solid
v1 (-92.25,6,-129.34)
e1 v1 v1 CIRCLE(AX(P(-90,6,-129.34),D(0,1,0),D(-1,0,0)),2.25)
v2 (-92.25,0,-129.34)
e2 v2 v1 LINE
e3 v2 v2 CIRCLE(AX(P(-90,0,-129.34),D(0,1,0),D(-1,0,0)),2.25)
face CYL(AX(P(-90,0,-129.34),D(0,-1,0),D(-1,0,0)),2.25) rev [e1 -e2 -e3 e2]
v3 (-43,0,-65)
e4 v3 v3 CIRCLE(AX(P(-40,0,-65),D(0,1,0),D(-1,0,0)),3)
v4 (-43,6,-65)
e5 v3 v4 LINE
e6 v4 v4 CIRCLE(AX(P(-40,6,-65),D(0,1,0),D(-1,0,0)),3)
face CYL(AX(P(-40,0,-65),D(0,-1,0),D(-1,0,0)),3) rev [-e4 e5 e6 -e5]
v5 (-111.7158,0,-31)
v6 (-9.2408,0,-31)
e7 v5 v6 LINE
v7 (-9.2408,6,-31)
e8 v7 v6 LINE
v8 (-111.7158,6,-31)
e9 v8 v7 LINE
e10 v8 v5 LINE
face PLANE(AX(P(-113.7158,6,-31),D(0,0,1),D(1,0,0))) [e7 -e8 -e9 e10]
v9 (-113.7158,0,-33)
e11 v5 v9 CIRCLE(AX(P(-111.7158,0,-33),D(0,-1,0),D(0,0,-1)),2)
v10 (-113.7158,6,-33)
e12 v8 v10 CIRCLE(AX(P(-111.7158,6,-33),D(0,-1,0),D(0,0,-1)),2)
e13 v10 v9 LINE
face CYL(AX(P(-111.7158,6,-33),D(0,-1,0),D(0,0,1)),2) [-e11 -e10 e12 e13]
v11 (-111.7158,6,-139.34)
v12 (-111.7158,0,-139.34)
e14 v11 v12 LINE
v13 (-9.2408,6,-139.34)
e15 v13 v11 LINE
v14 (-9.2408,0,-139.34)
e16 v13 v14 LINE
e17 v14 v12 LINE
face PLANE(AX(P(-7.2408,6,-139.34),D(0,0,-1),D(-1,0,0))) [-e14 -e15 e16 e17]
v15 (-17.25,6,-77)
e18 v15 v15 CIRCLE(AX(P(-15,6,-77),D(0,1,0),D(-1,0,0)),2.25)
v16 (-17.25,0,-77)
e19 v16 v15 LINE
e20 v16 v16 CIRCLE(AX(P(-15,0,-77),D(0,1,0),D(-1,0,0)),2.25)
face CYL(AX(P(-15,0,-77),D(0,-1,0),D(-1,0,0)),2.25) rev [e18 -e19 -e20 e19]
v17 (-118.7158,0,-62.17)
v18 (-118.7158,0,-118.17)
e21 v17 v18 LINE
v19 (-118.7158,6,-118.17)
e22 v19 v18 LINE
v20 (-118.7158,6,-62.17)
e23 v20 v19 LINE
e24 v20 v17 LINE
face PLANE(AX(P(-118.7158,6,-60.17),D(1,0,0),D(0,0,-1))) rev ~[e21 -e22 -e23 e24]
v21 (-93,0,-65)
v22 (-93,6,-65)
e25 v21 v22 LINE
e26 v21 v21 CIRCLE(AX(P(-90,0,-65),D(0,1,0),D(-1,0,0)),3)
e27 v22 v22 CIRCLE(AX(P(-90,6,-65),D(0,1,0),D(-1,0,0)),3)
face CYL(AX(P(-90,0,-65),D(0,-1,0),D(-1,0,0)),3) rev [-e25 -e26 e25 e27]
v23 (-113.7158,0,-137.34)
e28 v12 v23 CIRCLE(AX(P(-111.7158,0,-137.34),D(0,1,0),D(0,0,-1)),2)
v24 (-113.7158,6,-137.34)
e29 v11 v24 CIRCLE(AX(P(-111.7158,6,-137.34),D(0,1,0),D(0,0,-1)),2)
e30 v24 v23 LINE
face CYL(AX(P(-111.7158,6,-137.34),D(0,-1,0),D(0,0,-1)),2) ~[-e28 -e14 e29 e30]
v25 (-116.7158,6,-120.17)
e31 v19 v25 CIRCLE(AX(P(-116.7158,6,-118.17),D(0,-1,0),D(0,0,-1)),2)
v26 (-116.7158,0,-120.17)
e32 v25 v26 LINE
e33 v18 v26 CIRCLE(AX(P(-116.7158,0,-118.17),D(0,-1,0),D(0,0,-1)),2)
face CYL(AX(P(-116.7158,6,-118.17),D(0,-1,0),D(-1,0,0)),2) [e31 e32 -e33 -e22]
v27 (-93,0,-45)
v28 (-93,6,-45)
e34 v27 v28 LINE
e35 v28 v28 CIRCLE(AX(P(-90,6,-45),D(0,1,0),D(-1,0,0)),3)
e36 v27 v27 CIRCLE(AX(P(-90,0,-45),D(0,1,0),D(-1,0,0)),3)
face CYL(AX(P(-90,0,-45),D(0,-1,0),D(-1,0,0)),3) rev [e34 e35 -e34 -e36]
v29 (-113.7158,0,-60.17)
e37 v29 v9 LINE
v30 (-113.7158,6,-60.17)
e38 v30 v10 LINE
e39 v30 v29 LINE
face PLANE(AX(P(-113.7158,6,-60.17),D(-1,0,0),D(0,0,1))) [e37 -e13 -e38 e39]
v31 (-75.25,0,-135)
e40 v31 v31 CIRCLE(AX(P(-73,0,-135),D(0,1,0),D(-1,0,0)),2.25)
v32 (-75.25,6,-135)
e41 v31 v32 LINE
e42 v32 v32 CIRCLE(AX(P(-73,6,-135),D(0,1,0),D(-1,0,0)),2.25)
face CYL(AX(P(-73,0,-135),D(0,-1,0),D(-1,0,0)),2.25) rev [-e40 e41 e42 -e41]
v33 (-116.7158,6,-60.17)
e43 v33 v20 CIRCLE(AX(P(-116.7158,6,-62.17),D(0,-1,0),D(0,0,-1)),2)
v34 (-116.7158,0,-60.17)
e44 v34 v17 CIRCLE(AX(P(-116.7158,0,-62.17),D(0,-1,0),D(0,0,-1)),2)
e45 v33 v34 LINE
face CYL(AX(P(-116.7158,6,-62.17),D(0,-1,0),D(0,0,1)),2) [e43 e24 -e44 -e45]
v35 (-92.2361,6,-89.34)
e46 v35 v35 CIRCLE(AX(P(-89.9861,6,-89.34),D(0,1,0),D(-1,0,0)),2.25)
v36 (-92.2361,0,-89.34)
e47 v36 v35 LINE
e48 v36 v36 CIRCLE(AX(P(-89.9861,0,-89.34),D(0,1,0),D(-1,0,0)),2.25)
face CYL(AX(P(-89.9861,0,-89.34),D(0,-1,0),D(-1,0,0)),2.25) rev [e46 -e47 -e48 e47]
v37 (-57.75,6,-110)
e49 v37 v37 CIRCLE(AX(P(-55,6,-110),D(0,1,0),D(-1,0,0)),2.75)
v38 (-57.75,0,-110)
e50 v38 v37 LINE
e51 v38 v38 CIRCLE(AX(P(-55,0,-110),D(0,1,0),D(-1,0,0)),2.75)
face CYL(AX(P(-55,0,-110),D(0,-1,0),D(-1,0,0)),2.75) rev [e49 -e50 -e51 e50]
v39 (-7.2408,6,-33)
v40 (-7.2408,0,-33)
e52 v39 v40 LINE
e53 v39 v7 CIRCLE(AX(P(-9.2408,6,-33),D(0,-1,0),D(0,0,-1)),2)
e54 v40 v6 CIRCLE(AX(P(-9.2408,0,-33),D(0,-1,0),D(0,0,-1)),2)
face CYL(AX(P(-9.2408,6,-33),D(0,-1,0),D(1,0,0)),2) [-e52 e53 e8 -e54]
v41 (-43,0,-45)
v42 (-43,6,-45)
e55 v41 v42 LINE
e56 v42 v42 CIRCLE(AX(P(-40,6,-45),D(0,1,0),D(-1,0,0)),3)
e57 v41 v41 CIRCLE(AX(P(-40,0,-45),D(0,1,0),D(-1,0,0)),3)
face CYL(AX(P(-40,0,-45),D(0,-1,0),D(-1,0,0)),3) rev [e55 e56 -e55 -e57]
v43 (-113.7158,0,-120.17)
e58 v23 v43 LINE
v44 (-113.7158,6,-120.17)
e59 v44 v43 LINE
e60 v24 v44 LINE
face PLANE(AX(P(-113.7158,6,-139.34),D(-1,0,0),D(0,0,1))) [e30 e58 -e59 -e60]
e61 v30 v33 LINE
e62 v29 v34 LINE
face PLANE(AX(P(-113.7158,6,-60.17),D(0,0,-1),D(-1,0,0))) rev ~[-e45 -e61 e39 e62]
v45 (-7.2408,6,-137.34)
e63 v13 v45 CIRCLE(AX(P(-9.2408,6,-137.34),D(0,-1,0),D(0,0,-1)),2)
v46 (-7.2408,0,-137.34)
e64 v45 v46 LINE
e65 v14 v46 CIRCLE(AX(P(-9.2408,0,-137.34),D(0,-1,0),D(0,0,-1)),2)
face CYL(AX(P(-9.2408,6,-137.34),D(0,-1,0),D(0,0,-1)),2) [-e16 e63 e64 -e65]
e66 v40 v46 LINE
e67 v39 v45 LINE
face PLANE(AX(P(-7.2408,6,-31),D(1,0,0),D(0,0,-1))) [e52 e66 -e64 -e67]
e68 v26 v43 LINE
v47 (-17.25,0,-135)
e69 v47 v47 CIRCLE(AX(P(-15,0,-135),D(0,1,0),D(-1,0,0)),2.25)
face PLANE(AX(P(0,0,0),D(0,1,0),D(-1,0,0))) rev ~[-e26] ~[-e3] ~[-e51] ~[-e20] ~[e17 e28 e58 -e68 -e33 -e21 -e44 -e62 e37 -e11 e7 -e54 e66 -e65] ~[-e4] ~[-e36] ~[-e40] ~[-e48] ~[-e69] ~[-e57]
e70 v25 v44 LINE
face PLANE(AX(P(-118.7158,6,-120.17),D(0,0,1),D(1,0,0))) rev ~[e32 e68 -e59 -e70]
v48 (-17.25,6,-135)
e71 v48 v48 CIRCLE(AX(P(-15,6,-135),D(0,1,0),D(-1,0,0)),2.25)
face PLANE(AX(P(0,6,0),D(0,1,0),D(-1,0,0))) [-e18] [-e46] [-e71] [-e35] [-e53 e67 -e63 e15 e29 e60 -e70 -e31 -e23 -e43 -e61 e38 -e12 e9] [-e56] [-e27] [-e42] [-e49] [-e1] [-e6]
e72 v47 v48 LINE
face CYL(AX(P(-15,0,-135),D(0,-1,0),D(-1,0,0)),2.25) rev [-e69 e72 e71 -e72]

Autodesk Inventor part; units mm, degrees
ref_plane "YZ Plane" through (0, 0, 0) normal (1, 0, 0) x (0, 1, 0)
ref_plane "XZ Plane" through (0, 0, 0) normal (0, 1, 0) x (-1, 0, 0)
ref_plane "XY Plane" through (0, 0, 0) normal (0, 0, 1) x (1, 0, 0)
sketch "Sketch1" plane through (0, 0, 0) normal (0, 1, 0) x (-1, 0, 0)
  line L0 (232.1908, -176.5808) -> (232.1908, -3.7592)
  arc A0 (232.1908, -3.7592) -> (227.4316, 1) centre (227.4316, -3.7592) ccw
  line L1 (227.4316, 1) -> (0, 1)
  arc A1 (0, 1) -> (-4.7592, -3.7592) centre (0, -3.7592) ccw
  arc A2 (-4.7592, -176.5808) -> (0, -181.34) centre (0, -176.5808) ccw
  arc A3 (227.4316, -181.34) -> (232.1908, -176.5808) centre (227.4316, -176.5808) ccw
  circle A4 centre (130, -129.34) radius 2.25
  circle A5 centre (129.9861, -89.34) radius 2.25
  circle A6 centre (90, -129.34) radius 2.25
  circle A7 centre (89.9861, -89.34) radius 2.25
  circle A8 centre (180, -110) radius 2.75
  circle A9 centre (55, -110) radius 2.75
  circle A10 centre (90, -45) radius 3
  circle A11 centre (190, -45) radius 3
  circle A12 centre (190, -65) radius 3
  circle A13 centre (90, -65) radius 3
  circle A14 centre (140, -45) radius 3
  circle A15 centre (40, -45) radius 3
  circle A16 centre (140, -65) radius 3
  circle A17 centre (40, -65) radius 3
  line L2 (230.1908, -176.5808) -> (230.1908, -3.7592)
  arc A18 (230.1908, -3.7592) -> (227.4316, -1) centre (227.4316, -3.7592) ccw
  line L3 (227.4316, -1) -> (0, -1)
  arc A19 (0, -1) -> (-2.7592, -3.7592) centre (0, -3.7592) ccw
  arc A20 (-2.7592, -176.5808) -> (0, -179.34) centre (0, -176.5808) ccw
  arc A21 (227.4316, -179.34) -> (230.1908, -176.5808) centre (227.4316, -176.5808) ccw
  line L4 (-4.7592, -3.7592) -> (-4.7592, -176.5808)
  line L5 (-2.7592, -3.7592) -> (-2.7592, -176.5808)
  line L6 (0, -179.34) -> (227.4316, -179.34)
  line L7 (227.4316, -181.34) -> (0, -181.34)
  line L8 (0, 0) -> (0, -15)
  line L9 (0, 0) -> (15, 0) construction
  line L10 (0, 0) -> (15, 0)
  line L11 (0, 0) -> (15, 0) construction
  circle A22 centre (15, -135) radius 2.25
  circle A23 centre (73, -135) radius 2.25
  circle A24 centre (15, -77) radius 2.25
  point P0 (230.1908, -3.7592)
  point P1 (0, -1)
  dimension "d0" = 2
  dimension "d1" = 2
  dimension "d2" = 2
  dimension "d3" = 2
  dimension "d5" = 2
  dimension "d7" = 2
  dimension "d8" = 227.4316
  dimension "d9" = 172.8216
  dimension "d10" = 4.7592
  dimension "d45" = 15
  dimension "d46" = 90
  dimension "d47" = 15
  dimension "d48" = 0
  dimension "d49" = 110
  dimension "d50" = 55
  dimension "d51" = 125
  dimension "d52" = 110
  dimension "d54" = 40
  dimension "d55" = 40
  dimension "d56" = 40
  dimension "d57" = 40
  dimension "d58" = 50
  dimension "d59" = 100.1908
  dimension "d60" = 2.7592
  dimension "d61" = 1
  dimension "d62" = 4.7592
  dimension "d63" = 178.34
  dimension "d64" = 180.34
  dimension "d65" = 172.8216
  dimension "d66" = 230.1908
  dimension "d67" = 4.5
  dimension "d68" = 5.5
  dimension "d69" = 6
  dimension "d70" = 40.1908
  dimension "d71" = 64
  dimension "d72" = 20
  dimension "d73" = 50
  dimension "d74" = 50
  dimension "d75" = 50
  dimension "d76" = 20
  dimension "d77" = 20
  dimension "d78" = 20
  dimension "d79" = 50
  dimension "d87" = 4.5
  dimension "d89" = 25
  dimension "d90" = 40
  dimension "d91" = 4.5
  dimension "d92" = 58
  dimension "d93" = 4.5
  dimension "d94" = 58
extrude "Extrusion1" add sketch "Sketch1" along normal blind 6 contours A21 L6 A20 L5 A19 L3 A18 L2
sketch "Sketch2" plane through (0, 6, 0) normal (0, 1, 0) x (1, 0, 0)
  line L0 (-232.1908, 176.5808) -> (-232.1908, 3.7592)
  arc A0 (-232.1908, 3.7592) -> (-227.4316, -1) centre (-227.4316, 3.7592) ccw
  line L1 (-227.4316, -1) -> (0, -1)
  arc A1 (0, -1) -> (4.7592, 3.7592) centre (0, 3.7592) ccw
  arc A2 (4.7592, 176.5808) -> (0, 181.34) centre (0, 176.5808) ccw
  arc A3 (-227.4316, 181.34) -> (-232.1908, 176.5808) centre (-227.4316, 176.5808) ccw
  circle A4 centre (-130, 135) radius 2
  circle A5 centre (-130, 95) radius 2
  circle A6 centre (-90, 135) radius 2
  circle A7 centre (-90, 95) radius 2
  circle A8 centre (-160.0797, 100) radius 2.75
  circle A9 centre (-60.0797, 100) radius 2.75
  circle A10 centre (-90, 45) radius 2.5
  circle A11 centre (-190, 45) radius 2.5
  circle A12 centre (-190, 65) radius 2.5
  circle A13 centre (-90, 65) radius 2.5
  circle A14 centre (-140, 45) radius 2.5
  circle A15 centre (-40, 45) radius 2.5
  circle A16 centre (-140, 65) radius 2.5
  circle A17 centre (-40, 65) radius 2.5
  line L2 (-230.1908, 176.5808) -> (-230.1908, 3.7592)
  arc A18 (-230.1908, 3.7592) -> (-227.4316, 1) centre (-227.4316, 3.7592) ccw
  line L3 (-227.4316, 1) -> (0, 1)
  arc A19 (0, 1) -> (2.7592, 3.7592) centre (0, 3.7592) ccw
  arc A20 (2.7592, 176.5808) -> (0, 179.34) centre (0, 176.5808) ccw
  arc A21 (-227.4316, 179.34) -> (-230.1908, 176.5808) centre (-227.4316, 176.5808) ccw
  line L4 (4.7592, 3.7592) -> (4.7592, 176.5808)
  line L5 (2.7592, 3.7592) -> (2.7592, 176.5808)
  line L6 (0, 179.34) -> (-227.4316, 179.34)
  line L7 (-227.4316, 181.34) -> (0, 181.34)
  line L8 (0, 179.34) -> (-227.4316, 179.34) projected
  line L9 (-113.7158, 179.34) -> (-113.7158, 1)
  line L10 (-227.4316, 1) -> (0, 1) projected
  line L11 (-118.7158, 120.17) -> (-108.7158, 120.17)
  line L12 (-108.7158, 120.17) -> (-108.7158, 60.17)
  line L13 (-108.7158, 60.17) -> (-118.7158, 60.17)
  line L14 (-118.7158, 60.17) -> (-118.7158, 120.17)
  line L15 (-118.7158, 120.17) -> (-108.7158, 60.17) construction
  line L16 (-108.7158, 120.17) -> (-118.7158, 60.17) construction
  line L17 (-113.7158, 179.34) -> (-113.7158, 159.34)
  line L18 (2.7592, 139.34) -> (-230.1908, 139.34)
  line L19 (-230.1908, 139.34) -> (-230.1908, 179.34)
  line L20 (-230.1908, 179.34) -> (2.7592, 179.34)
  line L21 (2.7592, 179.34) -> (2.7592, 139.34)
  line L22 (2.7592, 139.34) -> (-230.1908, 179.34) construction
  line L23 (-230.1908, 139.34) -> (2.7592, 179.34) construction
  line L24 (-113.7158, 1) -> (-113.7158, 16)
  line L25 (-230.1908, 31) -> (2.7592, 31)
  line L26 (2.7592, 31) -> (2.7592, 1)
  line L27 (2.7592, 1) -> (-230.1908, 1)
  line L28 (-230.1908, 1) -> (-230.1908, 31)
  line L29 (-230.1908, 31) -> (2.7592, 1) construction
  line L30 (2.7592, 31) -> (-230.1908, 1) construction
  line L31 (-227.4316, 1) -> (0, 1) projected
  line L32 (-230.1908, 179.34) -> (-200.1908, 179.34)
  line L33 (-200.1908, 179.34) -> (-200.1908, 1)
  line L34 (-200.1908, 1) -> (-230.1908, 1)
  line L35 (-230.1908, 1) -> (-230.1908, 179.34)
  line L36 (2.7592, 1) -> (-7.2408, 1)
  line L37 (-7.2408, 1) -> (-7.2408, 179.34)
  line L38 (-7.2408, 179.34) -> (2.7592, 179.34)
  line L39 (2.7592, 179.34) -> (2.7592, 1)
  point P0 (230.1908, -176.5808)
  point P1 (230.1908, -3.7592)
  point P2 (227.4316, -1)
  point P3 (0, -1)
  point P4 (0, 0)
  point P5 (230.1908, -176.5808)
  point P6 (230.1908, -3.7592)
  point P7 (227.4316, -1)
  point P8 (0, -1)
  point P9 (-113.7158, 90.17)
  point P10 (-113.7158, 120.17)
  point P11 (-113.7158, 60.17)
  point P12 (-113.7158, 1)
  point P13 (0, 1)
  point P14 (-230.1908, 3.7592)
  point P15 (-227.4316, 1)
  point P16 (-113.7158, 139.34)
  point P17 (-7.2408, 139.34)
  point P18 (-7.2408, 31)
  point P19 (-113.7158, 31)
  dimension "d22" = 2
  dimension "d23" = 2
  dimension "d24" = 2
  dimension "d25" = 2
  dimension "d26" = 2
  dimension "d27" = 2
  dimension "d28" = 227.4316
  dimension "d29" = 172.8216
  dimension "d30" = 4.7592
  dimension "d31" = 10
  dimension "d32" = 60
  dimension "d37" = 20
  dimension "d38" = 40
  dimension "d39" = 15
  dimension "d40" = 30
  dimension "d41" = 30
  dimension "d42" = 10
extrude "Extrusion3" cut sketch "Sketch2" against normal through all contours A4 | A5 | A8 | A11 | A12 | A14 | A16 | A21 L6 L33 L18 L2 | L18 L33 L25 L2 | L25 L33 L3 A18 L2 | L33 L6 L9 L18 | L18 L9 L11 L14 L13 L25 L33 | L25 L9 L3 L33 | L9 L6 L37 L18 | L25 L37 L3 L9 | L37 L6 A20 L5 L18 | L18 L5 L25 L37 | L25 L5 A19 L3 L37
fillet "Fillet3" radius 2 6 edges at (-113.7158, 3, -31) (-118.7158, 3, -60.17) (-118.7158, 3, -120.17) (-7.2408, 3, -31) (-7.2408, 3, -139.34) (-113.7158, 3, -139.34)
equation "\"d1\" = d0"
equation "\"d2\" = d0"
equation "\"d3\" = d0"
equation "\"d5\" = d0"
equation "\"d7\" = d0"
equation "\"d23\" = d22"
equation "\"d24\" = d22"
equation "\"d25\" = d22"
equation "\"d26\" = d22"
equation "\"d27\" = d22"
properties part number "EboxBottom_2"
